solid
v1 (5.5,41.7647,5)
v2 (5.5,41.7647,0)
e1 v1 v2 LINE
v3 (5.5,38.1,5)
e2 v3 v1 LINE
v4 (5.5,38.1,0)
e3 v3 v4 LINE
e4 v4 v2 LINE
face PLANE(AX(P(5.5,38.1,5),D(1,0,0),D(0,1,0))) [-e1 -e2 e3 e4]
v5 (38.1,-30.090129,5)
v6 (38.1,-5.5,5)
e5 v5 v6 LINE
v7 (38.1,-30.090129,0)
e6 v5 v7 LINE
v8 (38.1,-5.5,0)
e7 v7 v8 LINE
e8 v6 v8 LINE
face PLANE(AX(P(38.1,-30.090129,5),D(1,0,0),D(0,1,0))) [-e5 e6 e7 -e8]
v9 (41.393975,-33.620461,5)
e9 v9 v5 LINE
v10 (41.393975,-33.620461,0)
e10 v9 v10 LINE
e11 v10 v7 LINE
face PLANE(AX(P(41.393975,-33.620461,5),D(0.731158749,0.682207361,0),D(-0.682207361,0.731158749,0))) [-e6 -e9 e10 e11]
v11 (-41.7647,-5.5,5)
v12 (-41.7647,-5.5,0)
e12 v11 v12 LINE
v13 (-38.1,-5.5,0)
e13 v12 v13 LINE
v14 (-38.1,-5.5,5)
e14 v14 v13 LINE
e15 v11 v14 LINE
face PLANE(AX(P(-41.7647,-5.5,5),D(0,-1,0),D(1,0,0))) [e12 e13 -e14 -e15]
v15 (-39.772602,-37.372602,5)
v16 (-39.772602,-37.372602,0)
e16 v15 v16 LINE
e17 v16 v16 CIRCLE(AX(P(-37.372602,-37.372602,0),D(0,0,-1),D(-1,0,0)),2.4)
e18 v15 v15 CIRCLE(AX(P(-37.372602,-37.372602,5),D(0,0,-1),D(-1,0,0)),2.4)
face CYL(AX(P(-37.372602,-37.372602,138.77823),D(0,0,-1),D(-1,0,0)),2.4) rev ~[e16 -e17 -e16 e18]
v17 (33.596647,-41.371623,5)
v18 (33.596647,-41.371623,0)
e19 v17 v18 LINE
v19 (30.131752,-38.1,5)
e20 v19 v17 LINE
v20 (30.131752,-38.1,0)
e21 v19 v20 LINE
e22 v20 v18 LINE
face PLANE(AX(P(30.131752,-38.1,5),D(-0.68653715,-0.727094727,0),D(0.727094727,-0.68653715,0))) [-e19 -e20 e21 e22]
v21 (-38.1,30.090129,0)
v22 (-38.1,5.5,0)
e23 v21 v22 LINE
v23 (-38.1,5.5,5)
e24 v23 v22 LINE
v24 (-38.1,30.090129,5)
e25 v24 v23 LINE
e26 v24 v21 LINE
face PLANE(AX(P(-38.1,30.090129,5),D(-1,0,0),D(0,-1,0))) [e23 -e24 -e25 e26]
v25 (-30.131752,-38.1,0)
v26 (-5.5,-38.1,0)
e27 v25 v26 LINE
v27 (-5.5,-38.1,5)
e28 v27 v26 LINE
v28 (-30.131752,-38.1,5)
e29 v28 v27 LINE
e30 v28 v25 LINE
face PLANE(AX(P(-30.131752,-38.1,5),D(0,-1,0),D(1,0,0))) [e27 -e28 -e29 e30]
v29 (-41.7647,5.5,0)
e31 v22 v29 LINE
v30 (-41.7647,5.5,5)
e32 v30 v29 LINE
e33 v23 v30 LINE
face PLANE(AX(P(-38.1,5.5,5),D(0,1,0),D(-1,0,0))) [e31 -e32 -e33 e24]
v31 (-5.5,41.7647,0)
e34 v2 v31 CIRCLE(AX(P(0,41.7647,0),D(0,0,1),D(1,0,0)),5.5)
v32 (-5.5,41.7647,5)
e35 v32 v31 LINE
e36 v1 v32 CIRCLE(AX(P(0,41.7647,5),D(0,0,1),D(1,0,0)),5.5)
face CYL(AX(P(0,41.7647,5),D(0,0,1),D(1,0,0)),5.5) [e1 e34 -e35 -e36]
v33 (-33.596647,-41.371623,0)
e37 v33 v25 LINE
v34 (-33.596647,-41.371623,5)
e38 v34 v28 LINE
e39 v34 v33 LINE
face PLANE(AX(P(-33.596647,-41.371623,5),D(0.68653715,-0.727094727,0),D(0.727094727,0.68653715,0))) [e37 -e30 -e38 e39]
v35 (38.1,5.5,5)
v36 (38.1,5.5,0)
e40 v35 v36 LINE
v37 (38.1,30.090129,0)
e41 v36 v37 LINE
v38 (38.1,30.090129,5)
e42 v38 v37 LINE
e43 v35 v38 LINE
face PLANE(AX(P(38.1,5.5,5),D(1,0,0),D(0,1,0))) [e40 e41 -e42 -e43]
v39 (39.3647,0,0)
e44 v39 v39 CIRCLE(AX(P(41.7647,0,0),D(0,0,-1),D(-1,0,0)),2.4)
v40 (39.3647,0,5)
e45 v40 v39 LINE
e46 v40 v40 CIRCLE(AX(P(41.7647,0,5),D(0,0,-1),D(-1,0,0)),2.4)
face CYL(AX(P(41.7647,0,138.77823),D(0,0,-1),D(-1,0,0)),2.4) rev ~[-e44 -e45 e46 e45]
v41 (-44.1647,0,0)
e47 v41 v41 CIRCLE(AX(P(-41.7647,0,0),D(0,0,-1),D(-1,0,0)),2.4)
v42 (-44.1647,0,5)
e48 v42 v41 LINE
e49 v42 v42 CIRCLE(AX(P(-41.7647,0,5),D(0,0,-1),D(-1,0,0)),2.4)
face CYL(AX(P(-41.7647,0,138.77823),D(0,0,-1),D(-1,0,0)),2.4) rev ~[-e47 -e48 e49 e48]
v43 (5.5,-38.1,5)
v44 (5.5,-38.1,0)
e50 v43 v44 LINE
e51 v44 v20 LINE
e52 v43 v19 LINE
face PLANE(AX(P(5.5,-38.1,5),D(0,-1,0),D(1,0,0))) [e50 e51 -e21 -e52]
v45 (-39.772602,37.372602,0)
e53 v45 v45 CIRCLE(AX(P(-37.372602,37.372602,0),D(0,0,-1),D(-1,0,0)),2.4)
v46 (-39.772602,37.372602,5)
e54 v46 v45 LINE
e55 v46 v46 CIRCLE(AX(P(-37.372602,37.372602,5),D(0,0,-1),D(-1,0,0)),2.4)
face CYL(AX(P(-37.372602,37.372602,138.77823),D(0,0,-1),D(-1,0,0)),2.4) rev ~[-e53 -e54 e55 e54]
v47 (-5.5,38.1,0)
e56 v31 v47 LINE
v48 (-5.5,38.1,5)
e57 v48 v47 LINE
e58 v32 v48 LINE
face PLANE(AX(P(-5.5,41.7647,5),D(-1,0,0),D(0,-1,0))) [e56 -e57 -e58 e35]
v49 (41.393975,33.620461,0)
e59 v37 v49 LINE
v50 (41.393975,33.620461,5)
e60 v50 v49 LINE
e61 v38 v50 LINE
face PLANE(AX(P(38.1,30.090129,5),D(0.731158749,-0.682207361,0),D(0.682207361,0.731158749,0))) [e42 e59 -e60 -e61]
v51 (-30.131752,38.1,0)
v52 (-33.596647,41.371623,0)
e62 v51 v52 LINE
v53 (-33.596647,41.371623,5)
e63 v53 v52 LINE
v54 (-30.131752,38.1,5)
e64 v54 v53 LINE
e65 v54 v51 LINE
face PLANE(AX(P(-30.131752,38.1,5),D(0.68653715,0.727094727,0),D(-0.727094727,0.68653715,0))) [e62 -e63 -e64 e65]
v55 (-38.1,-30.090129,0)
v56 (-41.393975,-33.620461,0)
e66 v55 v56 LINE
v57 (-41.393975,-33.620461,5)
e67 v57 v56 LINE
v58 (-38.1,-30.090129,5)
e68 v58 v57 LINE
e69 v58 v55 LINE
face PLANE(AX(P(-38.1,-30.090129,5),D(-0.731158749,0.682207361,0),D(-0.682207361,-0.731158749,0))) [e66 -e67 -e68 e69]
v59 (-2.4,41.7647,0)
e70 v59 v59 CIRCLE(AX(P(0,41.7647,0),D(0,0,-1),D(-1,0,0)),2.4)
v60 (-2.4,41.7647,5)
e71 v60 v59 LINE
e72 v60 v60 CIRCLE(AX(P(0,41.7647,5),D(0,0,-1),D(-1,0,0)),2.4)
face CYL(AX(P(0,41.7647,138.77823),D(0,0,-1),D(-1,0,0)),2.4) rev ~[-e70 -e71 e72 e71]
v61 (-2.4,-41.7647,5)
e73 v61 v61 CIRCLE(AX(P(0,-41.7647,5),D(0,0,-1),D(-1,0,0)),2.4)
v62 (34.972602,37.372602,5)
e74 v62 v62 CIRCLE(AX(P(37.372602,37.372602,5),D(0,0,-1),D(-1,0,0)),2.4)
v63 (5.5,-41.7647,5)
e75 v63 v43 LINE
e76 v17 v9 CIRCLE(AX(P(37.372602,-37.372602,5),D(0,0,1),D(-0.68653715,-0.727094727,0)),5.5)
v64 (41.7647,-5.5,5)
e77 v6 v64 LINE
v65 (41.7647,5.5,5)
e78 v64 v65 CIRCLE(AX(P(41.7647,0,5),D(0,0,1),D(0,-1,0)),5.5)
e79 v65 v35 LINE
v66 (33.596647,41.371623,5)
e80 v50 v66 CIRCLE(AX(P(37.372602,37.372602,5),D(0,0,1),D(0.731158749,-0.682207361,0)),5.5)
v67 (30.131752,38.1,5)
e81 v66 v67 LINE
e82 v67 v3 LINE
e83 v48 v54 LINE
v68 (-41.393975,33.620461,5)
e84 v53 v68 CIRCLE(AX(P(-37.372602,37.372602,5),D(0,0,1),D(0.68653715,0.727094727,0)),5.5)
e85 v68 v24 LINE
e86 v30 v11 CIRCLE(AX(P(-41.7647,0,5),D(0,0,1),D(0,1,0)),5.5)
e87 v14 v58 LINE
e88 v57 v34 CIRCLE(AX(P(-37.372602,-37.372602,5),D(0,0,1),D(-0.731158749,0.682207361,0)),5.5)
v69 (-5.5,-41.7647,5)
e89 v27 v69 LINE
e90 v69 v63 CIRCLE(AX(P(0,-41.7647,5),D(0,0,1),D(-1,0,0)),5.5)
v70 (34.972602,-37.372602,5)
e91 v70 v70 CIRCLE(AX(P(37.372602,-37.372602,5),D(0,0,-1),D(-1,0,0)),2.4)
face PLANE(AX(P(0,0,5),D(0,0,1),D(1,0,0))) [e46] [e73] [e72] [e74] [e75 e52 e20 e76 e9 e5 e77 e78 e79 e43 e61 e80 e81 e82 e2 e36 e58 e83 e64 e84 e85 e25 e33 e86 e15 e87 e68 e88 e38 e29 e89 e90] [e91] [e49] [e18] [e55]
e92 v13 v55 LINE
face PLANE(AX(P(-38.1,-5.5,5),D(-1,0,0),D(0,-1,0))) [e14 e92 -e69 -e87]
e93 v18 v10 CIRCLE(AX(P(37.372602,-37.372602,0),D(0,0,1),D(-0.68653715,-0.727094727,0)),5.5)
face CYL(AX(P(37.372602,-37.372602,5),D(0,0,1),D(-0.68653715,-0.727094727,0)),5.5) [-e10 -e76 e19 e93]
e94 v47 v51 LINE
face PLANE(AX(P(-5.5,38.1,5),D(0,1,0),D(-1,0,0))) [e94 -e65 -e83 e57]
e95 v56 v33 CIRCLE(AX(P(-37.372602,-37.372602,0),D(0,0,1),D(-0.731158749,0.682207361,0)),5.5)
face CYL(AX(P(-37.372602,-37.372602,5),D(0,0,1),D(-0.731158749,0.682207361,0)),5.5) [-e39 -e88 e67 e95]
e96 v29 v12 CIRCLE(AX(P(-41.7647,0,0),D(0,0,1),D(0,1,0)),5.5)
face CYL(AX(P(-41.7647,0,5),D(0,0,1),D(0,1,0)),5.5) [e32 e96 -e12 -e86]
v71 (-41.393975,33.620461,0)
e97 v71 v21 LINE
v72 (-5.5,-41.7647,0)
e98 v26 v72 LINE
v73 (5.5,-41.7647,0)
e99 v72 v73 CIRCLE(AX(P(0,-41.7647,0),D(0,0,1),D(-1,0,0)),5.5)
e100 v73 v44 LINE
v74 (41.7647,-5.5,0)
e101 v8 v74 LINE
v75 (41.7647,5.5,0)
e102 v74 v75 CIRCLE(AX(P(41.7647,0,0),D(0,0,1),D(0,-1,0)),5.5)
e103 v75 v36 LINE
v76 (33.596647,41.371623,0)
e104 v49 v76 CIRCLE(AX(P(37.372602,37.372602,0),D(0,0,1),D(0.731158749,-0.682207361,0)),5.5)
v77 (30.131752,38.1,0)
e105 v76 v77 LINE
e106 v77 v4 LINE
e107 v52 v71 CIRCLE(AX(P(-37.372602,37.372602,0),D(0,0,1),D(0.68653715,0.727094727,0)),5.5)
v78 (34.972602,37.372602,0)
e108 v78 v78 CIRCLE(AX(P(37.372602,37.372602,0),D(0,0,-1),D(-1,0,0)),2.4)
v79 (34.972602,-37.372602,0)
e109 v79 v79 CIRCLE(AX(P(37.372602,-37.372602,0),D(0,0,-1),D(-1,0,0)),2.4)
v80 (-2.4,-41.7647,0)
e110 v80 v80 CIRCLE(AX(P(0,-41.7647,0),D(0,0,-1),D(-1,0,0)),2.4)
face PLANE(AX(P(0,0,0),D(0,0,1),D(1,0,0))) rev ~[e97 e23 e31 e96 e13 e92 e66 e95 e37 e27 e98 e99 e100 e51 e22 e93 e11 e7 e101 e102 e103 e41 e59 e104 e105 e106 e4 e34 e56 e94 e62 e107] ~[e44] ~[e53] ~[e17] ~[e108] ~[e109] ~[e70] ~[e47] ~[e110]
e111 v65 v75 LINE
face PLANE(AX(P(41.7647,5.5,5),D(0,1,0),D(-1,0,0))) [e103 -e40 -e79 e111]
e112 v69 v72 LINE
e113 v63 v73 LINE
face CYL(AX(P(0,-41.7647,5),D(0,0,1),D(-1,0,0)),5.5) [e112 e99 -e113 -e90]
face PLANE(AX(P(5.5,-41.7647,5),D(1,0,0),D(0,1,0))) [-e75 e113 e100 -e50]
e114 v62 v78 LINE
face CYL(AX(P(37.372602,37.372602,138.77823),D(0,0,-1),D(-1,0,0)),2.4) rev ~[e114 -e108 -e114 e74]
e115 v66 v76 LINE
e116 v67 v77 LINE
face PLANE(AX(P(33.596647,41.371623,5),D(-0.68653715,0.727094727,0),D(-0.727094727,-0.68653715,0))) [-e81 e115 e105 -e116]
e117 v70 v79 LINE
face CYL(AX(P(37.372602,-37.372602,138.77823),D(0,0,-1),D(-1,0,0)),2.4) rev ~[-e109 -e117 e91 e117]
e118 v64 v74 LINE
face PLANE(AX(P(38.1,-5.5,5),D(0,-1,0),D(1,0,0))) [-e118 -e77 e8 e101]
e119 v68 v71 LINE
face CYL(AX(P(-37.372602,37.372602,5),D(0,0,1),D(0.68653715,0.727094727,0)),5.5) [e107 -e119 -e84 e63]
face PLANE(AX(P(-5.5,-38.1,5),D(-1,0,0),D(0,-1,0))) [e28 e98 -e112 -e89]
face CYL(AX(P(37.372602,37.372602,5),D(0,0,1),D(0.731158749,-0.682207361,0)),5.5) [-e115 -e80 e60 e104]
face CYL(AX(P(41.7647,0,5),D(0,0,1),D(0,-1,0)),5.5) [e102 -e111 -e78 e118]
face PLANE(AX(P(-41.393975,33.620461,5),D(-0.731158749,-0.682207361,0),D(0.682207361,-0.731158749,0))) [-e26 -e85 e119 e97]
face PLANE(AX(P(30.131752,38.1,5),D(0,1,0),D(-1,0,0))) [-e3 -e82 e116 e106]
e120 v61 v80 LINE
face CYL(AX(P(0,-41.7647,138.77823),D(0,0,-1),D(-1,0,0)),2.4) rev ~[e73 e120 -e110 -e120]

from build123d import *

# Parameters (mm, degrees)
SKETCH1_W            = 76.2
SKETCH1_H            = 76.2
BOSS_EXTRUDE1_DEPTH  = 5
FILLET1_R            = 5.334
BOSS_EXTRUDE2_DEPTH  = 5
M4_CLEARANCE_HOLE1_D = 4.8


with BuildPart() as part:
    # Sketch1 → Boss-Extrude1 (new body)
    with BuildSketch(Plane.XY):
        Rectangle(SKETCH1_W, SKETCH1_H)
    extrude(amount=BOSS_EXTRUDE1_DEPTH)

    # Fillet1
    fillet1_edges = [part.edges().sort_by_distance(p)[0] for p in [
        (38.1, -38.1, 2.5),
        (-38.1, -38.1, 2.5),
        (-38.1, 38.1, 2.5),
        (38.1, 38.1, 2.5),
    ]]
    fillet(fillet1_edges, radius=FILLET1_R)

    # Sketch2 → Boss-Extrude2 (add)
    with BuildSketch(Plane.XY.offset(5)):
        with BuildLine():
            Line((-38.1, -30.090129163), (-41.393974839, -33.620461233))
            ThreePointArc((-41.393974839, -33.620461233), (-41.250124596, -41.273219147), (-33.596647392, -41.371622715))
            Line((-33.596647392, -41.371622715), (-30.131751686, -38.1))
            Line((-30.131751686, -38.1), (-5.5, -38.1))
            Line((-5.5, -38.1), (-5.5, -41.7647))
            ThreePointArc((-5.5, -41.7647), (0, -47.2647), (5.5, -41.7647))
            Line((5.5, -41.7647), (5.5, -38.1))
            Line((5.5, -38.1), (30.131751686, -38.1))
            Line((30.131751686, -38.1), (33.596647392, -41.371622715))
            ThreePointArc((33.596647392, -41.371622715), (41.250124596, -41.273219147), (41.393974839, -33.620461233))
            Line((41.393974839, -33.620461233), (38.1, -30.090129163))
            Line((38.1, -30.090129163), (38.1, -5.5))
            Line((38.1, -5.5), (41.7647, -5.5))
            ThreePointArc((41.7647, -5.5), (47.2647, 0), (41.7647, 5.5))
            Line((41.7647, 5.5), (38.1, 5.5))
            Line((38.1, 5.5), (38.1, 30.090129163))
            Line((38.1, 30.090129163), (41.393974839, 33.620461233))
            ThreePointArc((41.393974839, 33.620461233), (41.250124596, 41.273219147), (33.596647392, 41.371622715))
            Line((33.596647392, 41.371622715), (30.131751686, 38.1))
            Line((30.131751686, 38.1), (5.5, 38.1))
            Line((5.5, 38.1), (5.5, 41.7647))
            ThreePointArc((5.5, 41.7647), (0, 47.2647), (-5.5, 41.7647))
            Line((-5.5, 41.7647), (-5.5, 38.1))
            Line((-5.5, 38.1), (-30.131751686, 38.1))
            Line((-30.131751686, 38.1), (-33.596647392, 41.371622715))
            ThreePointArc((-33.596647392, 41.371622715), (-41.250124596, 41.273219147), (-41.393974839, 33.620461233))
            Line((-41.393974839, 33.620461233), (-38.1, 30.090129163))
            Line((-38.1, 30.090129163), (-38.1, 5.5))
            Line((-38.1, 5.5), (-41.7647, 5.5))
            ThreePointArc((-41.7647, 5.5), (-47.2647, 0), (-41.7647, -5.5))
            Line((-41.7647, -5.5), (-38.1, -5.5))
            Line((-38.1, -5.5), (-38.1, -30.090129163))
        make_face()
    extrude(amount=-BOSS_EXTRUDE2_DEPTH)

    # M4 Clearance Hole1 (through all)
    with Locations(Plane.XY.offset(5)):
        with Locations((0, -41.7647), (37.372601718, -37.372601718), (-37.372601718, -37.372601718), (-41.7647, 0), (41.7647, 0), (37.372601718, 37.372601718), (0, 41.7647), (-37.372601718, 37.372601718)):
            Hole(M4_CLEARANCE_HOLE1_D / 2)


solid = part.part
